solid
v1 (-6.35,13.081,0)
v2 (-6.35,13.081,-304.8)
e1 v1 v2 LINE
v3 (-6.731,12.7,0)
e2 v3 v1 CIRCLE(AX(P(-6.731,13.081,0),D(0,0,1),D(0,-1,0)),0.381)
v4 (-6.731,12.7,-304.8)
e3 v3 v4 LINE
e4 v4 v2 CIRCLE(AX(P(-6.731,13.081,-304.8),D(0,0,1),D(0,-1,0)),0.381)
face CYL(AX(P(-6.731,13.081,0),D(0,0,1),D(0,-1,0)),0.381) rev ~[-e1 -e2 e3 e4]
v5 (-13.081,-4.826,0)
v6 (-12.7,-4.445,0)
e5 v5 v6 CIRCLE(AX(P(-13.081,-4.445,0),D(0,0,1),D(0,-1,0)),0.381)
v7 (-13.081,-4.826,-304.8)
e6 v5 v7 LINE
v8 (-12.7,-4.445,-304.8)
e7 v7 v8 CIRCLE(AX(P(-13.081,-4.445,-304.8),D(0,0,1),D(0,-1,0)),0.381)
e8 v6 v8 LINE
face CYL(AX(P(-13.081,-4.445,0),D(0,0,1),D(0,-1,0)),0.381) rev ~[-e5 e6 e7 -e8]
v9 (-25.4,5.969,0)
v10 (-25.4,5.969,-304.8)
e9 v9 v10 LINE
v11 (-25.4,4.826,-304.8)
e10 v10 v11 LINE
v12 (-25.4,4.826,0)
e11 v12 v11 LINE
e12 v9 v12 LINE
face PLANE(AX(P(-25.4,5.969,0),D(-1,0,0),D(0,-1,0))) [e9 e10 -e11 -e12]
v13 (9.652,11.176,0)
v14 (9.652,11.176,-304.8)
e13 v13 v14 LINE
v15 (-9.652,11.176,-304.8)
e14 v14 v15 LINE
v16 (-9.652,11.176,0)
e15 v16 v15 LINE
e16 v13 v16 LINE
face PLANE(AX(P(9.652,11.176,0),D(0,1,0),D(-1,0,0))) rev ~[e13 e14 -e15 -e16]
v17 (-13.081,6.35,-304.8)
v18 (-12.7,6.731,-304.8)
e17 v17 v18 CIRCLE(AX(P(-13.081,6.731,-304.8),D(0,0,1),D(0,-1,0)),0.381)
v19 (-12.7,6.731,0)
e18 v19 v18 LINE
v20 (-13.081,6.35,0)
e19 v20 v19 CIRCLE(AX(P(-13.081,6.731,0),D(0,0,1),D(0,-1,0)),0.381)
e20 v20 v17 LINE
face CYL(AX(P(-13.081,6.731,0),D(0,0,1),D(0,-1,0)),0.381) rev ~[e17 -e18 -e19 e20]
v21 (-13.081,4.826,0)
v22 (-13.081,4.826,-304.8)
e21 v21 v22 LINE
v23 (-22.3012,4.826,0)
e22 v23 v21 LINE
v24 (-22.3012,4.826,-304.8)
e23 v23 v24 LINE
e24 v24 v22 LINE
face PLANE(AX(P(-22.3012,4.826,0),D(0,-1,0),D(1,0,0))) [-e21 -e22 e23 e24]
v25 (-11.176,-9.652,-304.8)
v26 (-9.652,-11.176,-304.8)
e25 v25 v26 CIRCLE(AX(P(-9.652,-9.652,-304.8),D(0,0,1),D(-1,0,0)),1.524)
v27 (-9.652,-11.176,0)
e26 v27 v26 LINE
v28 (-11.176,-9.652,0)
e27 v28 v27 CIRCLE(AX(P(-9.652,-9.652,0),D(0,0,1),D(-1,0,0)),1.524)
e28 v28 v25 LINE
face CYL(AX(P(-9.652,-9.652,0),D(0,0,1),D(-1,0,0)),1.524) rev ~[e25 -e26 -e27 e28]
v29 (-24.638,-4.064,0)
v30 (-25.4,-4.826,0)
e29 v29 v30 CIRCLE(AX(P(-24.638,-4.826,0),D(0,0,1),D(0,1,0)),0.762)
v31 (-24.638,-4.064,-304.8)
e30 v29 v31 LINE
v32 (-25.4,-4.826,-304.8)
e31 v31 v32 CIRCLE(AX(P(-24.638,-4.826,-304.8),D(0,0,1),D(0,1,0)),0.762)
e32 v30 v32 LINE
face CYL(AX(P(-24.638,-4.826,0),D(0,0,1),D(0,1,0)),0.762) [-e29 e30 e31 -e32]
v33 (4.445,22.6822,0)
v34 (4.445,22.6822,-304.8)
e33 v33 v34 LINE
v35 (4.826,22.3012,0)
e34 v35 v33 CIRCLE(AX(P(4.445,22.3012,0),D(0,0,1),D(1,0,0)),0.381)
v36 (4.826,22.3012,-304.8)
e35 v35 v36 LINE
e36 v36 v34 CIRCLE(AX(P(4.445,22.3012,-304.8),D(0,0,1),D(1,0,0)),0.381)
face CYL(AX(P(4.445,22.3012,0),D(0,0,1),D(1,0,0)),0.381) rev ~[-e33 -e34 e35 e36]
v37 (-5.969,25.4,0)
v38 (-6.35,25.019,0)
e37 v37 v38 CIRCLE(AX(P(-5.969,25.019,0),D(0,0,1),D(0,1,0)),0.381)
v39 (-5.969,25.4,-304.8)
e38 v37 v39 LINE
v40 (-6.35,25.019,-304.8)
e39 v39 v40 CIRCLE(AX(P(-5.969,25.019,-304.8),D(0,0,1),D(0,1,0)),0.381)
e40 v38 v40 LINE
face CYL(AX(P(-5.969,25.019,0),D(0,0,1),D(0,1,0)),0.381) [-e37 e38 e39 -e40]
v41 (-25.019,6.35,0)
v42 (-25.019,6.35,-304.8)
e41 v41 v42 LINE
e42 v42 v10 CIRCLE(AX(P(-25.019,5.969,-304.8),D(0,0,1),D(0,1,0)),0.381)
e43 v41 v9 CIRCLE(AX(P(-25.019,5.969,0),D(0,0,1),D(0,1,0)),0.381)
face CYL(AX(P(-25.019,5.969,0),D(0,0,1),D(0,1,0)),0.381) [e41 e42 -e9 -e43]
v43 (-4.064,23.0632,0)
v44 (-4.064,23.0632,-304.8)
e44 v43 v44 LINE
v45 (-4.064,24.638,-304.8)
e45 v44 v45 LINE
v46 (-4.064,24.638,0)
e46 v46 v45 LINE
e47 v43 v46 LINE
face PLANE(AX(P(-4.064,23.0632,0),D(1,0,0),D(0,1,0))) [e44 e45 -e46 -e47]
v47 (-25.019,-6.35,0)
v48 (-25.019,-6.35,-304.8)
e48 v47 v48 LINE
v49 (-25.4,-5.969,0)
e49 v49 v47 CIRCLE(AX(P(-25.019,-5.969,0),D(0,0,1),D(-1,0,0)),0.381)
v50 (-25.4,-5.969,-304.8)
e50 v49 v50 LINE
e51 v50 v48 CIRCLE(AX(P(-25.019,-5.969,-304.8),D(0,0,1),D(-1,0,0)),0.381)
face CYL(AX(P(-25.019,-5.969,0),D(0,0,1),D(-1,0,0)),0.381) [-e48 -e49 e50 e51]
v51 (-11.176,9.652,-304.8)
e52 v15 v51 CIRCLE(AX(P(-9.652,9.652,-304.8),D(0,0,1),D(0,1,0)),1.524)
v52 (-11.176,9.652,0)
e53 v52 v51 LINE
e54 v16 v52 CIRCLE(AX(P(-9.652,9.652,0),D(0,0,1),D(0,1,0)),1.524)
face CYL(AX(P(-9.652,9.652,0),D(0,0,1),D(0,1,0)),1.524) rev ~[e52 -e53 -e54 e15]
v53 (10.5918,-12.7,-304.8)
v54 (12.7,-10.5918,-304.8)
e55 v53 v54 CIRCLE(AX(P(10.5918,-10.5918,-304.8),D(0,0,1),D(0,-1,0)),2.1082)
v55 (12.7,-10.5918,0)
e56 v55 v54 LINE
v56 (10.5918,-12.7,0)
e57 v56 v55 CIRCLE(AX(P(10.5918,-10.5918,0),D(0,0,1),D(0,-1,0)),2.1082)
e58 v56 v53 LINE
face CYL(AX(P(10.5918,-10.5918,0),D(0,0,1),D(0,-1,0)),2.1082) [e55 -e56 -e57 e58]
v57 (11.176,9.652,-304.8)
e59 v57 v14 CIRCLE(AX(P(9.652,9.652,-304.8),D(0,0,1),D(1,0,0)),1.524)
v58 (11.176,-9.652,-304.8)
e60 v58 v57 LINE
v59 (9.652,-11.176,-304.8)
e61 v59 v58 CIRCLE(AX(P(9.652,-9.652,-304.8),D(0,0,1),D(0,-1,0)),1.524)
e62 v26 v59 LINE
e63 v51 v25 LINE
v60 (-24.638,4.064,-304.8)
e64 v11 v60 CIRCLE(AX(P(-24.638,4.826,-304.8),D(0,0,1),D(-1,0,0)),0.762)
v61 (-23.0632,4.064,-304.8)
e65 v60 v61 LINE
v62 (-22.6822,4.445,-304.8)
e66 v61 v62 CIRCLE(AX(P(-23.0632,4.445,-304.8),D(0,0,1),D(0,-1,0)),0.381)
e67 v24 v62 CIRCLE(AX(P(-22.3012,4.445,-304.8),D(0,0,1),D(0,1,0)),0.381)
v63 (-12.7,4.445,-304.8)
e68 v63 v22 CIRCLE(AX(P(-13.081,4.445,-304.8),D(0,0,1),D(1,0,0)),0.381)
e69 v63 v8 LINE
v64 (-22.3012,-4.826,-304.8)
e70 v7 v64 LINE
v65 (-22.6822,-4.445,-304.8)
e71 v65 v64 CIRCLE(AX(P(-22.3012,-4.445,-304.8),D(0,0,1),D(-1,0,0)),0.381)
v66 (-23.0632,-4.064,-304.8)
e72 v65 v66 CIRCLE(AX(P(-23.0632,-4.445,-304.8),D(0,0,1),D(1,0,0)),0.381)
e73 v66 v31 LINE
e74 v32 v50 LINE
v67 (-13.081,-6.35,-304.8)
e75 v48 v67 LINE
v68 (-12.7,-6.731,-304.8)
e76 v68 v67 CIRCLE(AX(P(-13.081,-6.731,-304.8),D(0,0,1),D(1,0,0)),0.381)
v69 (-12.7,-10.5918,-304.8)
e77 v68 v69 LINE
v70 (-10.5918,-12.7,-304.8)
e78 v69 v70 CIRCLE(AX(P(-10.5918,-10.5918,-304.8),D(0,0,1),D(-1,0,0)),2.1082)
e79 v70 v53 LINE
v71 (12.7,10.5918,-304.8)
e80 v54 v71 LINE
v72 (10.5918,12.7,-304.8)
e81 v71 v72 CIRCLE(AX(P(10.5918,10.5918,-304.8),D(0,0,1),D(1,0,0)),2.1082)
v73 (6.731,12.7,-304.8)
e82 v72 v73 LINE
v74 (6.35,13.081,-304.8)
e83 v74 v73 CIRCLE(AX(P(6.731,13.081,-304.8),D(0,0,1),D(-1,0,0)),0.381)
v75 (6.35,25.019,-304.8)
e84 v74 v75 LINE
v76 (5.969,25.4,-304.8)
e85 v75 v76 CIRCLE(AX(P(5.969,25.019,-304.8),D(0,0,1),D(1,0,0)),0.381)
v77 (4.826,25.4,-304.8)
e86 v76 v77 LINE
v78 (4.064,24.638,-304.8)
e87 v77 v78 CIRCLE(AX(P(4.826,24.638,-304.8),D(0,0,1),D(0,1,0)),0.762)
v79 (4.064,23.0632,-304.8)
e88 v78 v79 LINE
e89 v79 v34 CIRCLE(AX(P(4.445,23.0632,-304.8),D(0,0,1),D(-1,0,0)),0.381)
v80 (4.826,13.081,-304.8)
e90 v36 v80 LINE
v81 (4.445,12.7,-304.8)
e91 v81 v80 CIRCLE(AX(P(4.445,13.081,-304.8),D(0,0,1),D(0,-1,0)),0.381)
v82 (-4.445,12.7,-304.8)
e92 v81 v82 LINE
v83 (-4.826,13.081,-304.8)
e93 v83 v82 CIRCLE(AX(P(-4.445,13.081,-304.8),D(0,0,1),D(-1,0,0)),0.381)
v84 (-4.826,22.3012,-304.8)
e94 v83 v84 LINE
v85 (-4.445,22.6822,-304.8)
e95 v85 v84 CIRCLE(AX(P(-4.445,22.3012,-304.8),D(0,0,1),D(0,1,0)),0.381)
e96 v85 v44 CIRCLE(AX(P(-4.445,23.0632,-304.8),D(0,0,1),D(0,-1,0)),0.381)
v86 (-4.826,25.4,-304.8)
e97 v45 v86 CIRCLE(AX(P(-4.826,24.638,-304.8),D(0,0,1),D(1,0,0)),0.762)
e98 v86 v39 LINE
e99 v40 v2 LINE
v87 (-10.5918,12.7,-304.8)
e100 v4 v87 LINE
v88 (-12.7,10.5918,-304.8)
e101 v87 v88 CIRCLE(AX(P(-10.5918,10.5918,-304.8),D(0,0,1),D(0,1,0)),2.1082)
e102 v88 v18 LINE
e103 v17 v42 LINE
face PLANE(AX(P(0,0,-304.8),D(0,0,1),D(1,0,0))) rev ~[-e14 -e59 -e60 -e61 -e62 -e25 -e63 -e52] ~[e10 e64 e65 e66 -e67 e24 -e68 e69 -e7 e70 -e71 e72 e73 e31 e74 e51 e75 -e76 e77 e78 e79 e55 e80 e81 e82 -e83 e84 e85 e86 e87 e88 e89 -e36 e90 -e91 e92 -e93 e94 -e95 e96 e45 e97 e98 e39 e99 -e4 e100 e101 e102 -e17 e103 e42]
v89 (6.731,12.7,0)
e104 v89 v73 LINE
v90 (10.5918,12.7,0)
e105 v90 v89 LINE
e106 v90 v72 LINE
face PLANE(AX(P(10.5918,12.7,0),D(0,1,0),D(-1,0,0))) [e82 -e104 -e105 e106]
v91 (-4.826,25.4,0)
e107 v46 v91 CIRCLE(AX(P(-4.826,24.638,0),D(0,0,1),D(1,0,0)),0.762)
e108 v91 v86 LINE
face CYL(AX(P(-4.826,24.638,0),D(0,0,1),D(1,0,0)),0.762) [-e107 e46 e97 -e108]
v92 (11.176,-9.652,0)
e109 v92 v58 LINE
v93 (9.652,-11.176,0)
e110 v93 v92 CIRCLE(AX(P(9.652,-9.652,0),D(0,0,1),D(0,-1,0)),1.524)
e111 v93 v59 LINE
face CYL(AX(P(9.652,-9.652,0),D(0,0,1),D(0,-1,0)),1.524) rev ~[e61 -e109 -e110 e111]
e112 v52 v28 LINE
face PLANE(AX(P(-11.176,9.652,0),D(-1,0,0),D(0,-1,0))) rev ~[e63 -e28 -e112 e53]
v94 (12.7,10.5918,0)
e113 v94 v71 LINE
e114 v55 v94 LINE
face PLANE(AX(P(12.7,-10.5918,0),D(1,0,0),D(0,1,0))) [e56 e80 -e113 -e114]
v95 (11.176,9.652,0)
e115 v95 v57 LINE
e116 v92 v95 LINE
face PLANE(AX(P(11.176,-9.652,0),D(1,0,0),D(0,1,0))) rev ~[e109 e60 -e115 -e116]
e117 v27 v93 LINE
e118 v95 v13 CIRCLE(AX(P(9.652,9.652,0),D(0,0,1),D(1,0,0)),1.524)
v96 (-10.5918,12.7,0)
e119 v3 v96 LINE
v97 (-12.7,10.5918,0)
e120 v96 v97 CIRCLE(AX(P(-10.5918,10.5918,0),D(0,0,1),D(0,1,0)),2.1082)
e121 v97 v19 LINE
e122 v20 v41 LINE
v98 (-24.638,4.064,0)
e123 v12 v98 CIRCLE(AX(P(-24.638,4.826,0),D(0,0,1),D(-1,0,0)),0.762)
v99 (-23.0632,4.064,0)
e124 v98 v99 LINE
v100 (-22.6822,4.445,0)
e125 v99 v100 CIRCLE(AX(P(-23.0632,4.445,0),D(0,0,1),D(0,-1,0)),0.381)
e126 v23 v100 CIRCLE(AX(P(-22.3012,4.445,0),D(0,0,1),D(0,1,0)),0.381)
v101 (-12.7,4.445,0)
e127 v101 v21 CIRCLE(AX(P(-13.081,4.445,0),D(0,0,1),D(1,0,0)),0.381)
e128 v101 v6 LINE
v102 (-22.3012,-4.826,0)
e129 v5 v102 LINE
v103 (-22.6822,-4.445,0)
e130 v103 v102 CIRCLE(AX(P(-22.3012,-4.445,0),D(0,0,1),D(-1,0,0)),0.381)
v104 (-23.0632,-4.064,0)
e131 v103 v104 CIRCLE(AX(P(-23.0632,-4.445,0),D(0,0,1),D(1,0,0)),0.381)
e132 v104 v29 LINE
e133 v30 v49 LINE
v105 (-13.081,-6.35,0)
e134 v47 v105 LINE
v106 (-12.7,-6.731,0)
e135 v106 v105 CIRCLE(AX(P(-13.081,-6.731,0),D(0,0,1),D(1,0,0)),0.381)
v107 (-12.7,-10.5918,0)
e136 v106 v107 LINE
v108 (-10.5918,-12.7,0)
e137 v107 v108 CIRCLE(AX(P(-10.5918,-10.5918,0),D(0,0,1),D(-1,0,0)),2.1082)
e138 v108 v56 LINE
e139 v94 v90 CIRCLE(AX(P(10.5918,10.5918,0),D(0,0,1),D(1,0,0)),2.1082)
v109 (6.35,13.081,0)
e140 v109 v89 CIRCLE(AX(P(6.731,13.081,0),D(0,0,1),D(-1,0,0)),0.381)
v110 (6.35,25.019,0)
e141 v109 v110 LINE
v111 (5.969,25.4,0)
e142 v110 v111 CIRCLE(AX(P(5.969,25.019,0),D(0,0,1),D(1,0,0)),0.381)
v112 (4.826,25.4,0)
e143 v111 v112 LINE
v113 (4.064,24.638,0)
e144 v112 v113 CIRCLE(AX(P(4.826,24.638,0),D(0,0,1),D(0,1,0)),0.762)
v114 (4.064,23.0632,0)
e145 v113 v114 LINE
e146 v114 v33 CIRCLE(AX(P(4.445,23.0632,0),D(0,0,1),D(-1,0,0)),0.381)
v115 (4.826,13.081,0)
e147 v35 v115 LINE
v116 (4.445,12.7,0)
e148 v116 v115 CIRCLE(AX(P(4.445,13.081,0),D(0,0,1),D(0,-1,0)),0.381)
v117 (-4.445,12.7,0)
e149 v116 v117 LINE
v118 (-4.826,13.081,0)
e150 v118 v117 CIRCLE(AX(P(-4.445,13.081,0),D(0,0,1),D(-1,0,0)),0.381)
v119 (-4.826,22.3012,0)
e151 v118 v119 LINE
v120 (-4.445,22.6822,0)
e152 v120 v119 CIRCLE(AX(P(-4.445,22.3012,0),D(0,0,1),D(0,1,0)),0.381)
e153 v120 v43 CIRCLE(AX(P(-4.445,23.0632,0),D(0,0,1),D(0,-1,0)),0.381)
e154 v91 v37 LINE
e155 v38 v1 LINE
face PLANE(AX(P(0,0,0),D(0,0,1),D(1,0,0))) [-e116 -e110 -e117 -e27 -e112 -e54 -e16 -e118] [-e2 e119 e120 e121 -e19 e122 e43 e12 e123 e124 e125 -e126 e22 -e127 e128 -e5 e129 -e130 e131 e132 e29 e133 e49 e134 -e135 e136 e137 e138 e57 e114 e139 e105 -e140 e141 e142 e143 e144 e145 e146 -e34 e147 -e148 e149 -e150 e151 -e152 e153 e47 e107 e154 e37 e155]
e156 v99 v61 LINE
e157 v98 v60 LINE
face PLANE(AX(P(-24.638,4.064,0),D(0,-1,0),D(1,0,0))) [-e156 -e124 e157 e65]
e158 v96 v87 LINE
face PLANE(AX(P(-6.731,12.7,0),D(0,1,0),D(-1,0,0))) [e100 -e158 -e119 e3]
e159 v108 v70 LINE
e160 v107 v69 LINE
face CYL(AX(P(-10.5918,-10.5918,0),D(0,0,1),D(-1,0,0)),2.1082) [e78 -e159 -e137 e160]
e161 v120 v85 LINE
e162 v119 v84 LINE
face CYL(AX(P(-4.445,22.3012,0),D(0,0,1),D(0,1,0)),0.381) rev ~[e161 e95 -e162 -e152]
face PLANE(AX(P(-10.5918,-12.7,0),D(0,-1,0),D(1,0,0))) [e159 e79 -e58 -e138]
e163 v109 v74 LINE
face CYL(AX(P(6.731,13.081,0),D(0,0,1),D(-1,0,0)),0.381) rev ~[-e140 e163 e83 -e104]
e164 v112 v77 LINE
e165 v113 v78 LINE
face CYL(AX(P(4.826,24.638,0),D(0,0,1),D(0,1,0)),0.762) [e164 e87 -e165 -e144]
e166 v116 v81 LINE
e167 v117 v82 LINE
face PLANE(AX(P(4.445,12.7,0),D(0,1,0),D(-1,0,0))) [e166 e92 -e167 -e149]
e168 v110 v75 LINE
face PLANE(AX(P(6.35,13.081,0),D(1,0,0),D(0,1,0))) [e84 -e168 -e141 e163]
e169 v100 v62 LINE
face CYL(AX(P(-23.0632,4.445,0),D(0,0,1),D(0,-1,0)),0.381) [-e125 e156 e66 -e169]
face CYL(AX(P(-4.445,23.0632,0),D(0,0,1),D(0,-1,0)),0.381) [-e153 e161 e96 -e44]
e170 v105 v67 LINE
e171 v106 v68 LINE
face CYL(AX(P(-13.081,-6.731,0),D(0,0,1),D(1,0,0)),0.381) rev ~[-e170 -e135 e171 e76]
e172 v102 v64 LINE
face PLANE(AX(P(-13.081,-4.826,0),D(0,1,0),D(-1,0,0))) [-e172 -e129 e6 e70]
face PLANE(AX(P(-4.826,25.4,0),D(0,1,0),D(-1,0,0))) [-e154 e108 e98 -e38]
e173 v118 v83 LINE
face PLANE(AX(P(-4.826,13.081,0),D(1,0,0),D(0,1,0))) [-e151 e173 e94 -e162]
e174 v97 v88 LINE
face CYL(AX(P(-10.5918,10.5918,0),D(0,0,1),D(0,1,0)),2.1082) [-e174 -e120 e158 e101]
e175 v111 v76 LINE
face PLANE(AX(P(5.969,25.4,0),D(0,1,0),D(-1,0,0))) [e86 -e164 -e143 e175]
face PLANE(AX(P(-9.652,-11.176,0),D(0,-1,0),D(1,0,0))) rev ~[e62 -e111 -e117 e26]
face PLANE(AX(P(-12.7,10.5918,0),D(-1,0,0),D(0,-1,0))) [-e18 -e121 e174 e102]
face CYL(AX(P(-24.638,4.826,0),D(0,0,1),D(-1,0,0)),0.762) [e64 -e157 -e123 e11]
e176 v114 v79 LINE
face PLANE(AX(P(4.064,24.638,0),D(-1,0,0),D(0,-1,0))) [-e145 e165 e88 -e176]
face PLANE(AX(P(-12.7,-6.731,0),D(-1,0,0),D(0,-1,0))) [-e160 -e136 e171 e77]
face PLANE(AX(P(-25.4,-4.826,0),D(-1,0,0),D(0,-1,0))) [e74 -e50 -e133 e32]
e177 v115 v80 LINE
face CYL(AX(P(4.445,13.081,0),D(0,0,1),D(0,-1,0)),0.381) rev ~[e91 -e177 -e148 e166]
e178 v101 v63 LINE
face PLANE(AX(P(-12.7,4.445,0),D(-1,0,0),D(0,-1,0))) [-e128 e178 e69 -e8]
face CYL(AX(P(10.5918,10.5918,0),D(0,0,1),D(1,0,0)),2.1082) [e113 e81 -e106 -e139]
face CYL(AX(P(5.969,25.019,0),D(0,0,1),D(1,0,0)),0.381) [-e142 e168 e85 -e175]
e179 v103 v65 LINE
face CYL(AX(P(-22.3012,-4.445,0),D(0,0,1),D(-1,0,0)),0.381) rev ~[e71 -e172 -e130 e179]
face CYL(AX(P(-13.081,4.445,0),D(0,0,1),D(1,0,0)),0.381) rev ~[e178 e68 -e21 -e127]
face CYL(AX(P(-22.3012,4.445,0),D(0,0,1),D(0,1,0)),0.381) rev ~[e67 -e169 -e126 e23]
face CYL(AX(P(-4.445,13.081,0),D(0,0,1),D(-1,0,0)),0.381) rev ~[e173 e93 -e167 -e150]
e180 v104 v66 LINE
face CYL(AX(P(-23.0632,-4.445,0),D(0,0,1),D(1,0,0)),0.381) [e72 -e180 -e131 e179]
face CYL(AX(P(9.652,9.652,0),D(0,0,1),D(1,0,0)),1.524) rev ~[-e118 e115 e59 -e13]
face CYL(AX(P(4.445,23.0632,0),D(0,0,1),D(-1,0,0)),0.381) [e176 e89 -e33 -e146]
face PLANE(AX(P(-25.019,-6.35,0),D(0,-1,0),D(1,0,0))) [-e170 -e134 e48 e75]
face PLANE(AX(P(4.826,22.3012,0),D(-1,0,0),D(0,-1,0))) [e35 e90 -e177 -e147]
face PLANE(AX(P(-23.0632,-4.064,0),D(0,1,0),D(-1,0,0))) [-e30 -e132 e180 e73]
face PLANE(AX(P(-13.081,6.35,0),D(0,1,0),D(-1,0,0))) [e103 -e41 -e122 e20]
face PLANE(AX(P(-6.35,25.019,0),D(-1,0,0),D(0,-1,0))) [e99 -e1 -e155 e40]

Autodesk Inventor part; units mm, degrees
ref_plane "YZ Plane" through (0, 0, 0) normal (1, 0, 0) x (0, 1, 0)
ref_plane "XZ Plane" through (0, 0, 0) normal (0, 1, 0) x (-1, 0, 0)
ref_plane "XY Plane" through (0, 0, 0) normal (0, 0, 1) x (1, 0, 0)
sketch "Sketch1" plane through (0, 0, 0) normal (0, 0, 1) x (1, 0, 0)
  line L0 (-9.652, -11.176) -> (9.652, -11.176)
  arc A0 (-11.176, -9.652) -> (-9.652, -11.176) centre (-9.652, -9.652) ccw
  line L1 (-11.176, 9.652) -> (-11.176, -9.652)
  arc A1 (-9.652, 11.176) -> (-11.176, 9.652) centre (-9.652, 9.652) ccw
  line L2 (9.652, 11.176) -> (-9.652, 11.176)
  arc A2 (11.176, 9.652) -> (9.652, 11.176) centre (9.652, 9.652) ccw
  line L3 (11.176, -9.652) -> (11.176, 9.652)
  arc A3 (9.652, -11.176) -> (11.176, -9.652) centre (9.652, -9.652) ccw
  arc A4 (-6.731, 12.7) -> (-6.35, 13.081) centre (-6.731, 13.081) ccw
  line L4 (-6.731, 12.7) -> (-10.5918, 12.7)
  arc A5 (-10.5918, 12.7) -> (-12.7, 10.5918) centre (-10.5918, 10.5918) ccw
  line L5 (-12.7, 10.5918) -> (-12.7, 6.731)
  arc A6 (-13.081, 6.35) -> (-12.7, 6.731) centre (-13.081, 6.731) ccw
  line L6 (-13.081, 6.35) -> (-25.019, 6.35)
  arc A7 (-25.019, 6.35) -> (-25.4, 5.969) centre (-25.019, 5.969) ccw
  line L7 (-25.4, 5.969) -> (-25.4, 4.826)
  arc A8 (-25.4, 4.826) -> (-24.638, 4.064) centre (-24.638, 4.826) ccw
  line L8 (-24.638, 4.064) -> (-23.0632, 4.064)
  arc A9 (-23.0632, 4.064) -> (-22.6822, 4.445) centre (-23.0632, 4.445) ccw
  arc A10 (-22.3012, 4.826) -> (-22.6822, 4.445) centre (-22.3012, 4.445) ccw
  line L9 (-22.3012, 4.826) -> (-13.081, 4.826)
  arc A11 (-12.7, 4.445) -> (-13.081, 4.826) centre (-13.081, 4.445) ccw
  line L10 (-12.7, 4.445) -> (-12.7, -4.445)
  arc A12 (-13.081, -4.826) -> (-12.7, -4.445) centre (-13.081, -4.445) ccw
  line L11 (-13.081, -4.826) -> (-22.3012, -4.826)
  arc A13 (-22.6822, -4.445) -> (-22.3012, -4.826) centre (-22.3012, -4.445) ccw
  arc A14 (-22.6822, -4.445) -> (-23.0632, -4.064) centre (-23.0632, -4.445) ccw
  line L12 (-23.0632, -4.064) -> (-24.638, -4.064)
  arc A15 (-24.638, -4.064) -> (-25.4, -4.826) centre (-24.638, -4.826) ccw
  line L13 (-25.4, -4.826) -> (-25.4, -5.969)
  arc A16 (-25.4, -5.969) -> (-25.019, -6.35) centre (-25.019, -5.969) ccw
  line L14 (-25.019, -6.35) -> (-13.081, -6.35)
  arc A17 (-12.7, -6.731) -> (-13.081, -6.35) centre (-13.081, -6.731) ccw
  line L15 (-12.7, -6.731) -> (-12.7, -10.5918)
  arc A18 (-12.7, -10.5918) -> (-10.5918, -12.7) centre (-10.5918, -10.5918) ccw
  line L16 (-10.5918, -12.7) -> (10.5918, -12.7)
  arc A19 (10.5918, -12.7) -> (12.7, -10.5918) centre (10.5918, -10.5918) ccw
  line L17 (12.7, -10.5918) -> (12.7, 10.5918)
  arc A20 (12.7, 10.5918) -> (10.5918, 12.7) centre (10.5918, 10.5918) ccw
  line L18 (10.5918, 12.7) -> (6.731, 12.7)
  arc A21 (6.35, 13.081) -> (6.731, 12.7) centre (6.731, 13.081) ccw
  line L19 (6.35, 13.081) -> (6.35, 25.019)
  arc A22 (6.35, 25.019) -> (5.969, 25.4) centre (5.969, 25.019) ccw
  line L20 (5.969, 25.4) -> (4.826, 25.4)
  arc A23 (4.826, 25.4) -> (4.064, 24.638) centre (4.826, 24.638) ccw
  line L21 (4.064, 24.638) -> (4.064, 23.0632)
  arc A24 (4.064, 23.0632) -> (4.445, 22.6822) centre (4.445, 23.0632) ccw
  arc A25 (4.826, 22.3012) -> (4.445, 22.6822) centre (4.445, 22.3012) ccw
  line L22 (4.826, 22.3012) -> (4.826, 13.081)
  arc A26 (4.445, 12.7) -> (4.826, 13.081) centre (4.445, 13.081) ccw
  line L23 (4.445, 12.7) -> (-4.445, 12.7)
  arc A27 (-4.826, 13.081) -> (-4.445, 12.7) centre (-4.445, 13.081) ccw
  line L24 (-4.826, 13.081) -> (-4.826, 22.3012)
  arc A28 (-4.445, 22.6822) -> (-4.826, 22.3012) centre (-4.445, 22.3012) ccw
  arc A29 (-4.445, 22.6822) -> (-4.064, 23.0632) centre (-4.445, 23.0632) ccw
  line L25 (-4.064, 23.0632) -> (-4.064, 24.638)
  arc A30 (-4.064, 24.638) -> (-4.826, 25.4) centre (-4.826, 24.638) ccw
  line L26 (-4.826, 25.4) -> (-5.969, 25.4)
  arc A31 (-5.969, 25.4) -> (-6.35, 25.019) centre (-5.969, 25.019) ccw
  line L27 (-6.35, 25.019) -> (-6.35, 13.081)
  point P0 (0, 0)
extrude "Extrusion1" add sketch "Sketch1" against normal blind 304.8
properties part number "9030"
